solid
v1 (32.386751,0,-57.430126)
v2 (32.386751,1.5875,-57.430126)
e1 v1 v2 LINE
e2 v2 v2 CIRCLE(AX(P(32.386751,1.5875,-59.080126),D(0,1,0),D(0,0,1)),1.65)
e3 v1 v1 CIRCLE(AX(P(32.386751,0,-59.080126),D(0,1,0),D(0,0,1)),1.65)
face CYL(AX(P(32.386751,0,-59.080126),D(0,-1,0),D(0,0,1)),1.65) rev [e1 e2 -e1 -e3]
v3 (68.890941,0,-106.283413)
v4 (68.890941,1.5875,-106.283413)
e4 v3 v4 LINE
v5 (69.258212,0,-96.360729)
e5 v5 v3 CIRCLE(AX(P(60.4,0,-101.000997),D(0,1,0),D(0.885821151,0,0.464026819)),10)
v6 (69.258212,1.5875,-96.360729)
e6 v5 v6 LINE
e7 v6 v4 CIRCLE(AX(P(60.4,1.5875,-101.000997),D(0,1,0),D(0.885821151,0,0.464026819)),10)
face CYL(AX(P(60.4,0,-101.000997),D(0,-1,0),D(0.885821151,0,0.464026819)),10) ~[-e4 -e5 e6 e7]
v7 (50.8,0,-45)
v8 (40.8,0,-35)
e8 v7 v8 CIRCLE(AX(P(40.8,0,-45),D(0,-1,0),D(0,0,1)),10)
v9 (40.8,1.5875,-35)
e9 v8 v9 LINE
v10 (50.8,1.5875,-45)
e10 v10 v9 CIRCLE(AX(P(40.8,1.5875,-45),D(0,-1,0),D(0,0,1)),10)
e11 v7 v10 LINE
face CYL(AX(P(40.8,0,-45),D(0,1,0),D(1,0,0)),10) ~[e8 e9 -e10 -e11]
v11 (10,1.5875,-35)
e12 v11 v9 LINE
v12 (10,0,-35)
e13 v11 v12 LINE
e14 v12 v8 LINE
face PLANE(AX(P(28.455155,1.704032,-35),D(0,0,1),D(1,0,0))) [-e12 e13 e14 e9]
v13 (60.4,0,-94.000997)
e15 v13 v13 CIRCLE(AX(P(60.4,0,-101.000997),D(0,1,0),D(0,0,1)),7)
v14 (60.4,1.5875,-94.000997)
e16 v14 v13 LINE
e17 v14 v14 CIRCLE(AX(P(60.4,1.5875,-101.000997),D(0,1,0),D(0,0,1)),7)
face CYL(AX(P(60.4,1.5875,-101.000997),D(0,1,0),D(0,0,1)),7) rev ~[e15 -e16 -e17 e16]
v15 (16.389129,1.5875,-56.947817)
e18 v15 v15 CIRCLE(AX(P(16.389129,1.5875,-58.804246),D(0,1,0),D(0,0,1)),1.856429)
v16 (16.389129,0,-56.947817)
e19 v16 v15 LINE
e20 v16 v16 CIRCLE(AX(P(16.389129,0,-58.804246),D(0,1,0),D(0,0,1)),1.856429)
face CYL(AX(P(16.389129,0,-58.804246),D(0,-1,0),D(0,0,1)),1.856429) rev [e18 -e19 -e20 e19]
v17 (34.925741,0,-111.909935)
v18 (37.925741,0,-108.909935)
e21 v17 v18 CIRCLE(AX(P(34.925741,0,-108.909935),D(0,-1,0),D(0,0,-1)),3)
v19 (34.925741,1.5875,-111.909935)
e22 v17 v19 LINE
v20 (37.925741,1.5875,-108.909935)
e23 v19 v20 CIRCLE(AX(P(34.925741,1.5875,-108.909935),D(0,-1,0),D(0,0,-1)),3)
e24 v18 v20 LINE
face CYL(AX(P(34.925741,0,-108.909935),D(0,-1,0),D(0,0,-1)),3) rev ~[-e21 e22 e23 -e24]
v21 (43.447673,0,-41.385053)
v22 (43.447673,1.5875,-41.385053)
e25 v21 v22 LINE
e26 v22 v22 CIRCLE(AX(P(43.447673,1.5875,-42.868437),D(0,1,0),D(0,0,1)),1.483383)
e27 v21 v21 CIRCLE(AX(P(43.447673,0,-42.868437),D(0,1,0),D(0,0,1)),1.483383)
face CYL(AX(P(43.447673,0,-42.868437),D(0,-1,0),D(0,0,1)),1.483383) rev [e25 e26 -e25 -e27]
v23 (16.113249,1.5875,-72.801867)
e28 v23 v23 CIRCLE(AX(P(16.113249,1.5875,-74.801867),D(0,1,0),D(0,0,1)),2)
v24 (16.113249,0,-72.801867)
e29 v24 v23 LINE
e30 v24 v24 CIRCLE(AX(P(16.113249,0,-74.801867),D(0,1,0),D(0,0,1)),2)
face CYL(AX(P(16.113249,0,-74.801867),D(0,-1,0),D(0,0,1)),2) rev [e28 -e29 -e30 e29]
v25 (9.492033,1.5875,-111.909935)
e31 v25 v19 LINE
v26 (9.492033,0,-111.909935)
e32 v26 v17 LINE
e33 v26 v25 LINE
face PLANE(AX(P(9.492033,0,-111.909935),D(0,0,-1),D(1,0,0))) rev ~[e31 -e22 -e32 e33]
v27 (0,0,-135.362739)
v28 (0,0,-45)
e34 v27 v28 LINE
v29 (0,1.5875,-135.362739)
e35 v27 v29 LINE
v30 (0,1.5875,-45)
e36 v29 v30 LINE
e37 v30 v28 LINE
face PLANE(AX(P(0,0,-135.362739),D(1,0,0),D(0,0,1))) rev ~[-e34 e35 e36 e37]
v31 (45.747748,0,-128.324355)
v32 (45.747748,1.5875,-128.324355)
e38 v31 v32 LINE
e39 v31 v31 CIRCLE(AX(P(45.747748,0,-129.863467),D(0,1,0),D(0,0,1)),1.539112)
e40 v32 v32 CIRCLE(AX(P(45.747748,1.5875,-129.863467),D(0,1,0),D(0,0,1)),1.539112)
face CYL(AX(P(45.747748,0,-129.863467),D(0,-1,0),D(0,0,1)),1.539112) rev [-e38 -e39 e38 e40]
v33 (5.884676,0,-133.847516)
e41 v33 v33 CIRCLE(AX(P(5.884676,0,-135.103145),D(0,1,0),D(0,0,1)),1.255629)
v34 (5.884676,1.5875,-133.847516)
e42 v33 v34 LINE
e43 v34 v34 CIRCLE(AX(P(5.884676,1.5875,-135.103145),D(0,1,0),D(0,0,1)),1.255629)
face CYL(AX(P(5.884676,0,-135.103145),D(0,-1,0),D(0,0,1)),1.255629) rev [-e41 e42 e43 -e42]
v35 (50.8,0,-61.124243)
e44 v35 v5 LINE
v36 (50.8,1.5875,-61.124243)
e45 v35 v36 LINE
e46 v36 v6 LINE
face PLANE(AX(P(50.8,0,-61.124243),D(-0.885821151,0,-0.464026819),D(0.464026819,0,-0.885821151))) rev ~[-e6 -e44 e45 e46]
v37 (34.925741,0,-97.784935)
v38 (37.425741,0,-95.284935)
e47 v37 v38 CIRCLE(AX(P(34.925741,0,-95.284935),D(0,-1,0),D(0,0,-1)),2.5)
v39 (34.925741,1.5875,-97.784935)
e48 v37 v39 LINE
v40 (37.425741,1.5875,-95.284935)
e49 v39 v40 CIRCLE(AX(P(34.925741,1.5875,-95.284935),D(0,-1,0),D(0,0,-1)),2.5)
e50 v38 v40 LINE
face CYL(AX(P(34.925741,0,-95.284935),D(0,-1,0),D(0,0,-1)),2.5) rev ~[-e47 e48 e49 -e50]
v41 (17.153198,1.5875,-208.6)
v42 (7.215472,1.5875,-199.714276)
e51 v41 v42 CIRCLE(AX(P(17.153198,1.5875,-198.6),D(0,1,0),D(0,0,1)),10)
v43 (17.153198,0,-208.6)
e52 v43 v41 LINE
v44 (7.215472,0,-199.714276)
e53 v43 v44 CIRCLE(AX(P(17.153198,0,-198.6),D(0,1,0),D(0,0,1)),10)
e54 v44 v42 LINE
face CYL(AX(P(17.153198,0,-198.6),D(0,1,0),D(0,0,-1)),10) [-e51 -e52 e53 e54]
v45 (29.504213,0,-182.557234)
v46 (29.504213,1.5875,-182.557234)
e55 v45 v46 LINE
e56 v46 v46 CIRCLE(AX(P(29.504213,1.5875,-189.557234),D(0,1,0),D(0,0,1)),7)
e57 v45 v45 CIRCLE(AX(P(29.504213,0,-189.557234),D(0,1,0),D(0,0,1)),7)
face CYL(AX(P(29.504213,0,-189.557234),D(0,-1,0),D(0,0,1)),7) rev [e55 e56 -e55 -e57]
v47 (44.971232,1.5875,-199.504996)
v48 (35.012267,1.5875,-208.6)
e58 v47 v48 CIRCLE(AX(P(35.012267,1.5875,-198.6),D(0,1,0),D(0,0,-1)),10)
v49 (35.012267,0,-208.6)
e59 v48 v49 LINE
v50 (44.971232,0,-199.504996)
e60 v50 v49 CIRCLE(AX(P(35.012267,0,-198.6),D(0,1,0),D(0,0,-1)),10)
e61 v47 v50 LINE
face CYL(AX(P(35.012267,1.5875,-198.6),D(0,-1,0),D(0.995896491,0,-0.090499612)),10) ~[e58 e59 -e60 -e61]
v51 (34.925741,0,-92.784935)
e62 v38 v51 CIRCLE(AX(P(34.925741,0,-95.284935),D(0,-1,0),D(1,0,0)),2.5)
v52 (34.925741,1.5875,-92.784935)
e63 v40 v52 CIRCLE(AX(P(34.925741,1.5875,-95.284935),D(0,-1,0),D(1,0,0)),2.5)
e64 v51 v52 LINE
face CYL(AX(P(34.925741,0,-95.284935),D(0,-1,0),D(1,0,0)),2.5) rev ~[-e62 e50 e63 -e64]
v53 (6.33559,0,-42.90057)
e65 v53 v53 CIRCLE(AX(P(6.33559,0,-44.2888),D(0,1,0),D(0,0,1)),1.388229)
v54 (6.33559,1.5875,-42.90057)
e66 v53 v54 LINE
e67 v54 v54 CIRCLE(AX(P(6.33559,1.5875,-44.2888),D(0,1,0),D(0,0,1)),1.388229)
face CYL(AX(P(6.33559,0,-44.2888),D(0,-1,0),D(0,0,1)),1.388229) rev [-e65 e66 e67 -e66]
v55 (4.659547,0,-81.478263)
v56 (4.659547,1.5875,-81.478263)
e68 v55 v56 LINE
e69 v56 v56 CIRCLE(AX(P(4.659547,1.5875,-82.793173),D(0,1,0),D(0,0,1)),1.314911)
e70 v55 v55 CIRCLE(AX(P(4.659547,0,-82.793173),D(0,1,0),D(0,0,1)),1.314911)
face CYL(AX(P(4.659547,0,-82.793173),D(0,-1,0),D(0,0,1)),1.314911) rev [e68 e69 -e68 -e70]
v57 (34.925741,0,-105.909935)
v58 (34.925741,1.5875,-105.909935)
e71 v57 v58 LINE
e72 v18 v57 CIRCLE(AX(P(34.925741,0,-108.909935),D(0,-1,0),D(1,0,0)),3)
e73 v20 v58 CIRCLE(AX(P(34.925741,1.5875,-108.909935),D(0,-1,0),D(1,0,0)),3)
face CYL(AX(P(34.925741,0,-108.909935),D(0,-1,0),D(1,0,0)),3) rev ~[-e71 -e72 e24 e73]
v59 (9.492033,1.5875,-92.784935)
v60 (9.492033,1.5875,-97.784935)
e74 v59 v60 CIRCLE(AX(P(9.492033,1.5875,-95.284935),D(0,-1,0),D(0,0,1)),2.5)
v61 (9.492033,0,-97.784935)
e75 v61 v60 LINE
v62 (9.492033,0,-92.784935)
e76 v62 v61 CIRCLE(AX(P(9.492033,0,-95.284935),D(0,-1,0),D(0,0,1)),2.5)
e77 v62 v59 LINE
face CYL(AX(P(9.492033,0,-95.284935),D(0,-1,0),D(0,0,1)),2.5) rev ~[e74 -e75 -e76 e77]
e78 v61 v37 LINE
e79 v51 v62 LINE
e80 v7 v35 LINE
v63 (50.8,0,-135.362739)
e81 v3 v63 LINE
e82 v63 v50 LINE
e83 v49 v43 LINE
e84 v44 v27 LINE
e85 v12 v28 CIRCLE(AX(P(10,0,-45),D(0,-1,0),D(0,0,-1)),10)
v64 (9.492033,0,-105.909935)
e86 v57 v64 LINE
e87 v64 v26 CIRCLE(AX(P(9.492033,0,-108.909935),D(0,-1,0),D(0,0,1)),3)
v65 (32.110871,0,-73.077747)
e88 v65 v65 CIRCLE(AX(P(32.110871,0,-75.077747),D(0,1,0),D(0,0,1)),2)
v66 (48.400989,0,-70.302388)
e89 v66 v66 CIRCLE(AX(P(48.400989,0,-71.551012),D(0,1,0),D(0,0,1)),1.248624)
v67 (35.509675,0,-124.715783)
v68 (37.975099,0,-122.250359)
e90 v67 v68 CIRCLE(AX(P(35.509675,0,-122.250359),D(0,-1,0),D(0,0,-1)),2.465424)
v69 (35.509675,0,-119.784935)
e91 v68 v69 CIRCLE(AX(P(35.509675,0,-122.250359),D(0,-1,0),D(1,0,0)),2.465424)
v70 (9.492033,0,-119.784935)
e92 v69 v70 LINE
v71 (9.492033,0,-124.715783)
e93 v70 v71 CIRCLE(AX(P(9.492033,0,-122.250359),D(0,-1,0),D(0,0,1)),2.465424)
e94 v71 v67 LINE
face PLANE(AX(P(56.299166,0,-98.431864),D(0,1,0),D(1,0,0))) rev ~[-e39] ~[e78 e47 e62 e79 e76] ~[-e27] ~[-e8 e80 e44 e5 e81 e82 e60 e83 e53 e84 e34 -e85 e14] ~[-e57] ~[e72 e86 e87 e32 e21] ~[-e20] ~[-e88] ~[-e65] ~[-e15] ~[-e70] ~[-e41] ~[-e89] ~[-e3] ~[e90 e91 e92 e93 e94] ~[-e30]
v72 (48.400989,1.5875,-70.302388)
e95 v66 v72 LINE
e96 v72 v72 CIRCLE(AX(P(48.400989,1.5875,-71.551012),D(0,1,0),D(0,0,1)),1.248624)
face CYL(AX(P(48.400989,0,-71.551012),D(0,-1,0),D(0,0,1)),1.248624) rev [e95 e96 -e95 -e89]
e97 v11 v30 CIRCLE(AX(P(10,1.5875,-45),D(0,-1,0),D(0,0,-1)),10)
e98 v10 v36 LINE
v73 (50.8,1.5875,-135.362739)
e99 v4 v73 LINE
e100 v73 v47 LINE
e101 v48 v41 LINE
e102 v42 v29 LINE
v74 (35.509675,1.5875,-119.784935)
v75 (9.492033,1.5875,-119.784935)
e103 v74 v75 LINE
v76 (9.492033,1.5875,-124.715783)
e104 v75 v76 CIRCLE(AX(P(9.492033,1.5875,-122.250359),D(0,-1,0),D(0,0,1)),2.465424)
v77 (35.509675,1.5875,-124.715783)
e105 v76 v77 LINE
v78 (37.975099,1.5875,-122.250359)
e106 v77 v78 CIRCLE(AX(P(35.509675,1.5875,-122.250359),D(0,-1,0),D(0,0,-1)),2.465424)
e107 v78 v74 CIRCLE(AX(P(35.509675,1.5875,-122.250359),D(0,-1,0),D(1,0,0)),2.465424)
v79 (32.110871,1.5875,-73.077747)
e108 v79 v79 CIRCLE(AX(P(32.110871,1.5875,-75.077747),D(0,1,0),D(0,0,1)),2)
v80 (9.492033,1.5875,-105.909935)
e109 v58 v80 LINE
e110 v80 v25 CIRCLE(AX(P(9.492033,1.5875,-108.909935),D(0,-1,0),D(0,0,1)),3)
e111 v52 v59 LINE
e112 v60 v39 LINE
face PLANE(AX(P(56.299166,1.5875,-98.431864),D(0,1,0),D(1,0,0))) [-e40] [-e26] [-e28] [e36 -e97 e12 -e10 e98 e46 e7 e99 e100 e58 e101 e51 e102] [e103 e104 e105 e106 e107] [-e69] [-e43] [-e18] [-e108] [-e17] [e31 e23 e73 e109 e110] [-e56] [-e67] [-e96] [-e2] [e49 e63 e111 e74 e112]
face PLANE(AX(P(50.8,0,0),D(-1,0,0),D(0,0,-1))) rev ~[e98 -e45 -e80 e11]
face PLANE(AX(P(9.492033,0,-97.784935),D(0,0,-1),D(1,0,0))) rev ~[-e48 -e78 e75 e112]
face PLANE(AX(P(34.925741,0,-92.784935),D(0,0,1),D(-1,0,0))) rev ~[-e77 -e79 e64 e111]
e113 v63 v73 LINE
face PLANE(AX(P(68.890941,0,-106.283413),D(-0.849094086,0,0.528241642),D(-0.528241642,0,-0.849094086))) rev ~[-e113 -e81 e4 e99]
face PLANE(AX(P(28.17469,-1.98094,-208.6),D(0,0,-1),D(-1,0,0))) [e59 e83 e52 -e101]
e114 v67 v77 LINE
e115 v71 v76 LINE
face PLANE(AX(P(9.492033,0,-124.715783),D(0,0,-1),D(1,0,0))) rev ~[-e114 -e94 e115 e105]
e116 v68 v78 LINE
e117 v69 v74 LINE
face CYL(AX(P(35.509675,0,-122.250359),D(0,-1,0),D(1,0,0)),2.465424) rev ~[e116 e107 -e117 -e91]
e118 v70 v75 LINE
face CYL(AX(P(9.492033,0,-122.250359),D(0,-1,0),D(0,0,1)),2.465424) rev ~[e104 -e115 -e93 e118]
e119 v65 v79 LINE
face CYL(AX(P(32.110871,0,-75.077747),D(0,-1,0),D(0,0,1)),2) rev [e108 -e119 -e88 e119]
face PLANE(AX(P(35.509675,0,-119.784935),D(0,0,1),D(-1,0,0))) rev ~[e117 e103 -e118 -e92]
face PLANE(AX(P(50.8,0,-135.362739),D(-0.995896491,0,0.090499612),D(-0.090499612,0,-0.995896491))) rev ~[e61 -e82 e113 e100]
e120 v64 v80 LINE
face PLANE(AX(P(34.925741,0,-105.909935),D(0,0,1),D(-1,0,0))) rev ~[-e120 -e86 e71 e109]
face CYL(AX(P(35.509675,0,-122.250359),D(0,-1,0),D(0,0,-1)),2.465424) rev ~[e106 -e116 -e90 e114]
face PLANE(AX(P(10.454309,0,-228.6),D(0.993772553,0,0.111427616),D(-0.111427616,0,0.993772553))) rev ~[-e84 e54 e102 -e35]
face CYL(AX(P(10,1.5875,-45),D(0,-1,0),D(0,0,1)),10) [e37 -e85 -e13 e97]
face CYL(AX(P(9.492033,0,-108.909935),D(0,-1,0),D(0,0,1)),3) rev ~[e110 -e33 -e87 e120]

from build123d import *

# Parameters (mm, degrees)
SKETCH1_R           = 1.388229101
SKETCH1_R_2         = 1.314910669
SKETCH1_R_3         = 1.856429035
SKETCH1_R_4         = 2
SKETCH1_R_5         = 1.65
SKETCH1_R_6         = 1.483383261
SKETCH1_R_7         = 1.248623853
SKETCH1_R_8         = 1.255629307
SKETCH1_R_9         = 7
SKETCH1_R_10        = 1.53911217
BOSS_EXTRUDE1_DEPTH = 1.5875
SKETCH4_W           = 66.272407177
SKETCH4_H           = 27.800260981
CUT_EXTRUDE2_DEPTH  = 20
FILLET3_R           = 10
FILLET4_R           = 10
BOSS_EXTRUDE3_START = -1.5875
BOSS_EXTRUDE3_DEPTH = 1.5875
SKETCH7_R           = 7
CUT_EXTRUDE3_DEPTH  = 1.5875
SKETCH8_W           = 100.106183873
SKETCH8_H           = 60.21728362
CUT_EXTRUDE4_DEPTH  = 35
FILLET5_R           = 10


with BuildPart() as part:
    # Sketch1 → Boss-Extrude1 (new body)
    with BuildSketch(Plane(origin=(0, 0, 0), x_dir=(1, 0, 0), z_dir=(0, 1, 0))):
        with BuildLine():
            Line((42.32729629, 228.6), (10.454309325, 228.6))
            Line((10.454309325, 228.6), (0, 135.362739137))
            Line((0, 135.362739137), (0, 0))
            Line((0, 0), (24.327009544, 0))
            Line((24.327009544, 0), (50.8, 0))
            Line((50.8, 0), (50.8, 64.87909603))
            Line((50.8, 64.87909603), (50.8, 87.423477361))
            Line((50.8, 87.423477361), (50.8, 98.200996728))
            ThreePointArc((50.8, 98.200996728), (50.4, 101.000996728), (50.8, 103.800996728))
            Line((50.8, 103.800996728), (50.8, 104.488200565))
            Line((50.8, 104.488200565), (50.8, 120.619222808))
            Line((50.8, 120.619222808), (50.8, 135.362739137))
            Line((50.8, 135.362739137), (42.32729629, 228.6))
        make_face()
        with Locations(Location((6.335590122, 44.288799513, 0), (0, 0, 270))):
            Circle(SKETCH1_R, mode=Mode.SUBTRACT)
        with Locations(Location((4.659546827, 82.793173401, 0), (0, 0, 270))):
            Circle(SKETCH1_R_2, mode=Mode.SUBTRACT)
        with Locations(Location((16.389129236, 58.804246097, 0), (0, 0, 270))):
            Circle(SKETCH1_R_3, mode=Mode.SUBTRACT)
        with Locations(Location((16.113249369, 74.801867492, 0), (0, 0, 270))):
            Circle(SKETCH1_R_4, mode=Mode.SUBTRACT)
        with Locations(Location((32.386750631, 59.080125965, 0), (0, 0, 270))):
            Circle(SKETCH1_R_5, mode=Mode.SUBTRACT)
        with Locations(Location((32.110870764, 75.07774736, 0), (0, 0, 270))):
            Circle(SKETCH1_R_4, mode=Mode.SUBTRACT)
        with BuildLine():
            Line((34.925740903, 92.78493524), (9.492033273, 92.78493524))
            ThreePointArc((9.492033273, 92.78493524), (6.992033273, 95.28493524), (9.492033273, 97.78493524))
            Line((9.492033273, 97.78493524), (34.925740903, 97.78493524))
            ThreePointArc((34.925740903, 97.78493524), (36.693507856, 97.052702193), (37.425740903, 95.28493524))
            ThreePointArc((37.425740903, 95.28493524), (36.693507856, 93.517168287), (34.925740903, 92.78493524))
        make_face(mode=Mode.SUBTRACT)
        with BuildLine():
            Line((34.925740903, 105.90993524), (9.492033273, 105.90993524))
            ThreePointArc((9.492033273, 105.90993524), (6.492033273, 108.90993524), (9.492033273, 111.90993524))
            Line((9.492033273, 111.90993524), (34.925740903, 111.90993524))
            ThreePointArc((34.925740903, 111.90993524), (37.047061246, 111.031255584), (37.925740903, 108.90993524))
            ThreePointArc((37.925740903, 108.90993524), (37.047061246, 106.788614896), (34.925740903, 105.90993524))
        make_face(mode=Mode.SUBTRACT)
        with Locations(Location((43.447673368, 42.868436544, 0), (0, 0, 270))):
            Circle(SKETCH1_R_6, mode=Mode.SUBTRACT)
        with Locations(Location((48.400988852, 71.551011715, 0), (0, 0, 270))):
            Circle(SKETCH1_R_7, mode=Mode.SUBTRACT)
        with Locations(Location((5.88467603, 135.103145298, 0), (0, 0, 270))):
            Circle(SKETCH1_R_8, mode=Mode.SUBTRACT)
        with BuildLine():
            Line((35.509675341, 119.784935244), (9.492033273, 119.784935244))
            ThreePointArc((9.492033273, 119.784935244), (7.026609419, 122.250359097), (9.492033273, 124.71578295))
            Line((9.492033273, 124.71578295), (35.509675341, 124.71578295))
            ThreePointArc((35.509675341, 124.71578295), (37.252993266, 123.993677022), (37.975099194, 122.250359097))
            ThreePointArc((37.975099194, 122.250359097), (37.252993266, 120.507041172), (35.509675341, 119.784935244))
        make_face(mode=Mode.SUBTRACT)
        with Locations(Location((29.504213454, 189.557234372, 0), (0, 0, 270))):
            Circle(SKETCH1_R_9, mode=Mode.SUBTRACT)
        with Locations(Location((45.747747887, 129.863467374, 0), (0, 0, 270))):
            Circle(SKETCH1_R_10, mode=Mode.SUBTRACT)
    extrude(amount=BOSS_EXTRUDE1_DEPTH)

    # Sketch4 → Cut-Extrude2 (cut)
    with BuildSketch(Plane(origin=(0, 0, -228.6), x_dir=(-1, 0, 0), z_dir=(0, 0, -1))):
        with Locations((-28.174690156, -1.980940155)):
            Rectangle(SKETCH4_W, SKETCH4_H)
    extrude(amount=-CUT_EXTRUDE2_DEPTH, mode=Mode.SUBTRACT)

    # Fillet3
    fillet3_edges = [part.edges().sort_by_distance(p)[0] for p in [
        (44.144746445, 0.79375, -208.6),
    ]]
    fillet(fillet3_edges, radius=FILLET3_R)

    # Fillet4
    fillet4_edges = [part.edges().sort_by_distance(p)[0] for p in [
        (50.8, 0.79375, 0),
        (0, 0.79375, 0),
        (8.211791854, 0.79375, -208.6),
    ]]
    fillet(fillet4_edges, radius=FILLET4_R)

    # Sketch6 → Boss-Extrude3 (add)
    with BuildSketch(Plane(origin=(0, 1.5875, 0), x_dir=(1, 0, 0), z_dir=(0, 1, 0)).offset(BOSS_EXTRUDE3_START)):
        with BuildLine():
            Line((50.8, 135.362739137), (50.8, 103.800996728))
            ThreePointArc((50.8, 103.800996728), (50.4, 101.000996728), (50.8, 98.200996728))
            Line((50.8, 98.200996728), (50.8, 61.124243317))
            Line((50.8, 61.124243317), (69.258211507, 96.360728536))
            ThreePointArc((69.258211507, 96.360728536), (70.393157133, 101.370875786), (68.890940865, 106.283413148))
            Line((68.890940865, 106.283413148), (50.8, 135.362739137))
        make_face()
    extrude(amount=BOSS_EXTRUDE3_DEPTH)

    # Sketch7 → Cut-Extrude3 (cut)
    with BuildSketch(Plane(origin=(0, 1.5875, 0), x_dir=(1, 0, 0), z_dir=(0, 1, 0))):
        with Locations(Location((60.4, 101.000996728, 0), (0, 0, 270))):
            Circle(SKETCH7_R)
    extrude(amount=-CUT_EXTRUDE3_DEPTH, mode=Mode.SUBTRACT)

    # Sketch8 → Cut-Extrude4 (cut)
    with BuildSketch(Plane.XY):
        with Locations((28.455154517, 1.704032249)):
            Rectangle(SKETCH8_W, SKETCH8_H)
    extrude(amount=-CUT_EXTRUDE4_DEPTH, mode=Mode.SUBTRACT)

    # Fillet5
    fillet5_edges = [part.edges().sort_by_distance(p)[0] for p in [
        (0, 0.79375, -35),
        (50.8, 0.79375, -35),
    ]]
    fillet(fillet5_edges, radius=FILLET5_R)


solid = part.part
